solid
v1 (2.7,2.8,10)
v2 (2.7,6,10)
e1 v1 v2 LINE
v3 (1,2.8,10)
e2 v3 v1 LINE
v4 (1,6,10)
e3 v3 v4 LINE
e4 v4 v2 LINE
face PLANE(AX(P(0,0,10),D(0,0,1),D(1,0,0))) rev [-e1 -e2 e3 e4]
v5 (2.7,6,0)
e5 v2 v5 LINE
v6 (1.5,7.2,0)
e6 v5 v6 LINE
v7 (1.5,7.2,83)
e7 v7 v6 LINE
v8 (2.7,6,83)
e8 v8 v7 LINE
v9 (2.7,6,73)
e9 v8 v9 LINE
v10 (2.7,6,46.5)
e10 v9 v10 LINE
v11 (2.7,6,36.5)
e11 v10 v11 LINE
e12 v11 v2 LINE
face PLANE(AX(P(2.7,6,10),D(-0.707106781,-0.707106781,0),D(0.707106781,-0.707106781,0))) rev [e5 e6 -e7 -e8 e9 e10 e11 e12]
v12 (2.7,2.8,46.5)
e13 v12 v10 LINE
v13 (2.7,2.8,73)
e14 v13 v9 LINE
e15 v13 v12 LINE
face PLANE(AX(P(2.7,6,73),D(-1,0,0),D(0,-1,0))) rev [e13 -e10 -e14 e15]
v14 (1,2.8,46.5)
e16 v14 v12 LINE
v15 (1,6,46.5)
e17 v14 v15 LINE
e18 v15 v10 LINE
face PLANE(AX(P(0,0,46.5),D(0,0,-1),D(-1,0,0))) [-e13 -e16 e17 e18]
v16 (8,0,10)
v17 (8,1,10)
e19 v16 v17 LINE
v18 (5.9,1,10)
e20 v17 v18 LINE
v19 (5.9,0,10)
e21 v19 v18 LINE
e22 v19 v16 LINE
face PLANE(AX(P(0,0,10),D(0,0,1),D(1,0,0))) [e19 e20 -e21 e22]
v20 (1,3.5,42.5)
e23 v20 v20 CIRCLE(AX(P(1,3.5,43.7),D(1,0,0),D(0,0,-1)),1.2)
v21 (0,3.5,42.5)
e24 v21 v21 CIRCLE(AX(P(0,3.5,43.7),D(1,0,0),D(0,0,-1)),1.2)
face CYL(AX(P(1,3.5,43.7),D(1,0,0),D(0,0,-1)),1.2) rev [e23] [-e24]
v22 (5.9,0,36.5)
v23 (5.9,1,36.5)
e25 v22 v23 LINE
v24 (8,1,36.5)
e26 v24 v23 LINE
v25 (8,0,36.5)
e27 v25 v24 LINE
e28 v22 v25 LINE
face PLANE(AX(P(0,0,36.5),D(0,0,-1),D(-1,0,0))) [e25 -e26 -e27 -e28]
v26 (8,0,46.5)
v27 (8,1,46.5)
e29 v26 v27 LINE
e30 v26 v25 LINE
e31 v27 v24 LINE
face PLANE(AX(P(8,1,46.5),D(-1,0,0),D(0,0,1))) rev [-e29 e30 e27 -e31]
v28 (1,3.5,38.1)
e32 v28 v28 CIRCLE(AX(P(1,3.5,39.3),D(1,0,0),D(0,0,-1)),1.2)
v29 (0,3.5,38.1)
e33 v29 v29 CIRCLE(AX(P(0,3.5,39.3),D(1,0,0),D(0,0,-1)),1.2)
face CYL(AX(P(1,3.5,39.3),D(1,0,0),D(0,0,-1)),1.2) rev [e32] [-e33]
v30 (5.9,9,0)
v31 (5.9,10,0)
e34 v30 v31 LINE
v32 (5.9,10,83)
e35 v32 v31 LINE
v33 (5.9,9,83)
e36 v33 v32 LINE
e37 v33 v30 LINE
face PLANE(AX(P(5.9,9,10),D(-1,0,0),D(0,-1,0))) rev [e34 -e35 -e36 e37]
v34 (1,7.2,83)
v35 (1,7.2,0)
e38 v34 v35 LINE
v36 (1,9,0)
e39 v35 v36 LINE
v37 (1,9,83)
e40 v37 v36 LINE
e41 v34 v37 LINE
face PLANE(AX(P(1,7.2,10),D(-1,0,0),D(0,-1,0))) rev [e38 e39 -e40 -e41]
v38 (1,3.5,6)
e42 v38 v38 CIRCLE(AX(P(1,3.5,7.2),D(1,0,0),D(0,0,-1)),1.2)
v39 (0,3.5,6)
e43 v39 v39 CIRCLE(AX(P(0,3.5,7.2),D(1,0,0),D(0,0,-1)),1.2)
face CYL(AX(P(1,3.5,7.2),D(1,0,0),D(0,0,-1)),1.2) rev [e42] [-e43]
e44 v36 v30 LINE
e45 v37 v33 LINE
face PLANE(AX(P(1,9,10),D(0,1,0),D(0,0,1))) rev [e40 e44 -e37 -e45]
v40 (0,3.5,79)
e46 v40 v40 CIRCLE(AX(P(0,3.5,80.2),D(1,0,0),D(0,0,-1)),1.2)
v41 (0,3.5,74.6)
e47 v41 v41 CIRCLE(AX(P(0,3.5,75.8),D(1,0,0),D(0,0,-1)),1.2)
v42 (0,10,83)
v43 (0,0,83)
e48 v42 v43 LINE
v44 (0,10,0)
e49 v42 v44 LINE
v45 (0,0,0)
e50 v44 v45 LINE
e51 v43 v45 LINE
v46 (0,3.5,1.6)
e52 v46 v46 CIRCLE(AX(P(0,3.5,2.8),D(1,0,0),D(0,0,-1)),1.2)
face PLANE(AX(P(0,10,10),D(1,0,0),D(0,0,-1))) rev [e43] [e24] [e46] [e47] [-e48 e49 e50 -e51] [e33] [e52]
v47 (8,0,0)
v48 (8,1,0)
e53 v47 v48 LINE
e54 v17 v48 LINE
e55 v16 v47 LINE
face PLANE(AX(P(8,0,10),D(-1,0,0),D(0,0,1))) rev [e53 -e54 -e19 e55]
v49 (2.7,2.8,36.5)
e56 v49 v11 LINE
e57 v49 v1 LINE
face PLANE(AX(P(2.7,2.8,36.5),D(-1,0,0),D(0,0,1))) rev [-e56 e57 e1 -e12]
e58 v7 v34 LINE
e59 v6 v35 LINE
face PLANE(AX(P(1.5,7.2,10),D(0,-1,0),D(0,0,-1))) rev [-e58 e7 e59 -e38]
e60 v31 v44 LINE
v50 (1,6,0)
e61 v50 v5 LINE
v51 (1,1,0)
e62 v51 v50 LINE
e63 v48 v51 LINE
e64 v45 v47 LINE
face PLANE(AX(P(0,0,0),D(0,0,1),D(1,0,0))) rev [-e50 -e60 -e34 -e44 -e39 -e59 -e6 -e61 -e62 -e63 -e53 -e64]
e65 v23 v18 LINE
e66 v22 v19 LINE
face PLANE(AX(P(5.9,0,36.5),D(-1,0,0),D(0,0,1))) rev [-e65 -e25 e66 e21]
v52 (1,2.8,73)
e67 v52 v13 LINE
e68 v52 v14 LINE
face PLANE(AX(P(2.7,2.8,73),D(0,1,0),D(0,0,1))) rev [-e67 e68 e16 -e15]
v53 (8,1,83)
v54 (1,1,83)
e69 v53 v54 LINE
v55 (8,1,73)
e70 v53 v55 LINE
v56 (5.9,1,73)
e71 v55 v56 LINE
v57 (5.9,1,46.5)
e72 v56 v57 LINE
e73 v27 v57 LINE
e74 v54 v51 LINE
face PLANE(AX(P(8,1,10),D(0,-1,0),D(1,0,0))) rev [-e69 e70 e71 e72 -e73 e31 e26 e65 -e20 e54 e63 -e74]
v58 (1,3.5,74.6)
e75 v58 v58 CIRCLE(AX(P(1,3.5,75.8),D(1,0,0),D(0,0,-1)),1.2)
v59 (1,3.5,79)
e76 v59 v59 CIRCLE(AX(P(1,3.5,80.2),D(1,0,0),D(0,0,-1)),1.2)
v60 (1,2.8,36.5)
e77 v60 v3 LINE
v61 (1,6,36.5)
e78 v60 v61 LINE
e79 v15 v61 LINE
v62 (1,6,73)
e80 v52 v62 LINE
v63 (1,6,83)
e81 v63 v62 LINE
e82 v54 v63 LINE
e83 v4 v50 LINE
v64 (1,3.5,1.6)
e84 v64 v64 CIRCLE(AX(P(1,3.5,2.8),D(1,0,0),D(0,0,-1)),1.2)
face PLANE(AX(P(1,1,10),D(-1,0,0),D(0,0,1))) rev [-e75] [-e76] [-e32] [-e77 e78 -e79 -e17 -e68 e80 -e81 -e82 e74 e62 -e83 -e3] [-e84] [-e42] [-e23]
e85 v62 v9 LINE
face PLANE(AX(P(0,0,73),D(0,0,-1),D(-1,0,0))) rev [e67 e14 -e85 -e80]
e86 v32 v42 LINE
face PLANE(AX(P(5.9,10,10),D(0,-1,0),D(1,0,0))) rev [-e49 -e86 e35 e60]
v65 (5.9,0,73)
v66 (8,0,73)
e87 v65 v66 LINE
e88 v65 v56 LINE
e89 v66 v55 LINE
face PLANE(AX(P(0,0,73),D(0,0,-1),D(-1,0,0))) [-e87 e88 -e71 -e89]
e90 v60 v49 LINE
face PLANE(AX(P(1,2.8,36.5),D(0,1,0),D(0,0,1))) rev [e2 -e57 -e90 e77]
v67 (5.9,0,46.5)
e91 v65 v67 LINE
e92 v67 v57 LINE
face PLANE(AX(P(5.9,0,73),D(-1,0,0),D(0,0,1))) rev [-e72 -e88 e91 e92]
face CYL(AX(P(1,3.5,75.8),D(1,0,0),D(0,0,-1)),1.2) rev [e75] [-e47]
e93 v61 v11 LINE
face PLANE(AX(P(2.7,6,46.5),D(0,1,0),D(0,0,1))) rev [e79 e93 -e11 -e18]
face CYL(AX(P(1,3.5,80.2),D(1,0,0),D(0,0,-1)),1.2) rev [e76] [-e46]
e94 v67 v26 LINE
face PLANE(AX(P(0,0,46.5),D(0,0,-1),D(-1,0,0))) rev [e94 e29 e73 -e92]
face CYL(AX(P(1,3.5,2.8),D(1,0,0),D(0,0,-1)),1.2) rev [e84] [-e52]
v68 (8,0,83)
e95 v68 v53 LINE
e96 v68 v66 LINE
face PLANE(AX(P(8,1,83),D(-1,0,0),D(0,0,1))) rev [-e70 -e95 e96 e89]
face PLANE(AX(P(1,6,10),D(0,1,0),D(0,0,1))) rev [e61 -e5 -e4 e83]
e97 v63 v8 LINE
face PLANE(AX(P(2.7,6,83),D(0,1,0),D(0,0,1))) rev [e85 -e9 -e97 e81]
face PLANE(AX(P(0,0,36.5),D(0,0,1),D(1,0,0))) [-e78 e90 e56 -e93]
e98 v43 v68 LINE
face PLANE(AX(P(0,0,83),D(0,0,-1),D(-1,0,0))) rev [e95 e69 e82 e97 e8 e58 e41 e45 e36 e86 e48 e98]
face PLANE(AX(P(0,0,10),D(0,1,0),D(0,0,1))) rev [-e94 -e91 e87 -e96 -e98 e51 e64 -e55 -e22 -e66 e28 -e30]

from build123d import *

# Parameters (mm, degrees)
BOSS_EXTRUDE1_DEPTH  = 10
BOSS_EXTRUDE2_DEPTH  = 26.5
BOSS_EXTRUDE3_DEPTH  = 10
BOSS_EXTRUDE4_DEPTH  = 26.5
BOSS_EXTRUDE5_DEPTH  = 10
M2_CLEARANCE_HOLE1_D = 2.4


with BuildPart() as part:
    # Sketch2 → Boss-Extrude1 (new body)
    with BuildSketch(Plane.XY):
        Polygon((0, 0), (8, 0), (8, 1), (1, 1), (1, 6), (2.7, 6), (1.5, 7.2), (1, 7.2), (1, 9), (5.9, 9), (5.9, 10), (0, 10), align=None)
    extrude(amount=BOSS_EXTRUDE1_DEPTH)

    # Sketch6 → Boss-Extrude2 (add)
    with BuildSketch(Plane.XY.offset(10)):
        Polygon((0, 0), (5.9, 0), (5.9, 1), (1, 1), (1, 2.8), (2.7, 2.8), (2.7, 6), (1.5, 7.2), (1, 7.2), (1, 9), (5.9, 9), (5.9, 10), (0, 10), align=None)
    extrude(amount=BOSS_EXTRUDE2_DEPTH)

    # Sketch8 → Boss-Extrude3 (add)
    with BuildSketch(Plane.XY.offset(36.5)):
        Polygon((0, 0), (8, 0), (8, 1), (1, 1), (1, 6), (2.7, 6), (1.5, 7.2), (1, 7.2), (1, 9), (5.9, 9), (5.9, 10), (0, 10), align=None)
    extrude(amount=BOSS_EXTRUDE3_DEPTH)

    # Sketch9 → Boss-Extrude4 (add)
    with BuildSketch(Plane.XY.offset(46.5)):
        Polygon((0, 0), (5.9, 0), (5.9, 1), (1, 1), (1, 2.8), (2.7, 2.8), (2.7, 6), (1.5, 7.2), (1, 7.2), (1, 9), (5.9, 9), (5.9, 10), (0, 10), align=None)
    extrude(amount=BOSS_EXTRUDE4_DEPTH)

    # Sketch10 → Boss-Extrude5 (add)
    with BuildSketch(Plane.XY.offset(73)):
        Polygon((0, 0), (8, 0), (8, 1), (1, 1), (1, 6), (2.7, 6), (1.5, 7.2), (1, 7.2), (1, 9), (5.9, 9), (5.9, 10), (0, 10), align=None)
    extrude(amount=BOSS_EXTRUDE5_DEPTH)

    # M2 Clearance Hole1 (through all)
    with Locations(Plane(origin=(1, 0, 0), x_dir=(0, 0, -1), z_dir=(1, 0, 0))):
        with Locations((-2.8, 3.5), (-7.2, 3.5), (-39.3, 3.5), (-43.7, 3.5), (-75.8, 3.5), (-80.2, 3.5)):
            Hole(M2_CLEARANCE_HOLE1_D / 2)


solid = part.part
